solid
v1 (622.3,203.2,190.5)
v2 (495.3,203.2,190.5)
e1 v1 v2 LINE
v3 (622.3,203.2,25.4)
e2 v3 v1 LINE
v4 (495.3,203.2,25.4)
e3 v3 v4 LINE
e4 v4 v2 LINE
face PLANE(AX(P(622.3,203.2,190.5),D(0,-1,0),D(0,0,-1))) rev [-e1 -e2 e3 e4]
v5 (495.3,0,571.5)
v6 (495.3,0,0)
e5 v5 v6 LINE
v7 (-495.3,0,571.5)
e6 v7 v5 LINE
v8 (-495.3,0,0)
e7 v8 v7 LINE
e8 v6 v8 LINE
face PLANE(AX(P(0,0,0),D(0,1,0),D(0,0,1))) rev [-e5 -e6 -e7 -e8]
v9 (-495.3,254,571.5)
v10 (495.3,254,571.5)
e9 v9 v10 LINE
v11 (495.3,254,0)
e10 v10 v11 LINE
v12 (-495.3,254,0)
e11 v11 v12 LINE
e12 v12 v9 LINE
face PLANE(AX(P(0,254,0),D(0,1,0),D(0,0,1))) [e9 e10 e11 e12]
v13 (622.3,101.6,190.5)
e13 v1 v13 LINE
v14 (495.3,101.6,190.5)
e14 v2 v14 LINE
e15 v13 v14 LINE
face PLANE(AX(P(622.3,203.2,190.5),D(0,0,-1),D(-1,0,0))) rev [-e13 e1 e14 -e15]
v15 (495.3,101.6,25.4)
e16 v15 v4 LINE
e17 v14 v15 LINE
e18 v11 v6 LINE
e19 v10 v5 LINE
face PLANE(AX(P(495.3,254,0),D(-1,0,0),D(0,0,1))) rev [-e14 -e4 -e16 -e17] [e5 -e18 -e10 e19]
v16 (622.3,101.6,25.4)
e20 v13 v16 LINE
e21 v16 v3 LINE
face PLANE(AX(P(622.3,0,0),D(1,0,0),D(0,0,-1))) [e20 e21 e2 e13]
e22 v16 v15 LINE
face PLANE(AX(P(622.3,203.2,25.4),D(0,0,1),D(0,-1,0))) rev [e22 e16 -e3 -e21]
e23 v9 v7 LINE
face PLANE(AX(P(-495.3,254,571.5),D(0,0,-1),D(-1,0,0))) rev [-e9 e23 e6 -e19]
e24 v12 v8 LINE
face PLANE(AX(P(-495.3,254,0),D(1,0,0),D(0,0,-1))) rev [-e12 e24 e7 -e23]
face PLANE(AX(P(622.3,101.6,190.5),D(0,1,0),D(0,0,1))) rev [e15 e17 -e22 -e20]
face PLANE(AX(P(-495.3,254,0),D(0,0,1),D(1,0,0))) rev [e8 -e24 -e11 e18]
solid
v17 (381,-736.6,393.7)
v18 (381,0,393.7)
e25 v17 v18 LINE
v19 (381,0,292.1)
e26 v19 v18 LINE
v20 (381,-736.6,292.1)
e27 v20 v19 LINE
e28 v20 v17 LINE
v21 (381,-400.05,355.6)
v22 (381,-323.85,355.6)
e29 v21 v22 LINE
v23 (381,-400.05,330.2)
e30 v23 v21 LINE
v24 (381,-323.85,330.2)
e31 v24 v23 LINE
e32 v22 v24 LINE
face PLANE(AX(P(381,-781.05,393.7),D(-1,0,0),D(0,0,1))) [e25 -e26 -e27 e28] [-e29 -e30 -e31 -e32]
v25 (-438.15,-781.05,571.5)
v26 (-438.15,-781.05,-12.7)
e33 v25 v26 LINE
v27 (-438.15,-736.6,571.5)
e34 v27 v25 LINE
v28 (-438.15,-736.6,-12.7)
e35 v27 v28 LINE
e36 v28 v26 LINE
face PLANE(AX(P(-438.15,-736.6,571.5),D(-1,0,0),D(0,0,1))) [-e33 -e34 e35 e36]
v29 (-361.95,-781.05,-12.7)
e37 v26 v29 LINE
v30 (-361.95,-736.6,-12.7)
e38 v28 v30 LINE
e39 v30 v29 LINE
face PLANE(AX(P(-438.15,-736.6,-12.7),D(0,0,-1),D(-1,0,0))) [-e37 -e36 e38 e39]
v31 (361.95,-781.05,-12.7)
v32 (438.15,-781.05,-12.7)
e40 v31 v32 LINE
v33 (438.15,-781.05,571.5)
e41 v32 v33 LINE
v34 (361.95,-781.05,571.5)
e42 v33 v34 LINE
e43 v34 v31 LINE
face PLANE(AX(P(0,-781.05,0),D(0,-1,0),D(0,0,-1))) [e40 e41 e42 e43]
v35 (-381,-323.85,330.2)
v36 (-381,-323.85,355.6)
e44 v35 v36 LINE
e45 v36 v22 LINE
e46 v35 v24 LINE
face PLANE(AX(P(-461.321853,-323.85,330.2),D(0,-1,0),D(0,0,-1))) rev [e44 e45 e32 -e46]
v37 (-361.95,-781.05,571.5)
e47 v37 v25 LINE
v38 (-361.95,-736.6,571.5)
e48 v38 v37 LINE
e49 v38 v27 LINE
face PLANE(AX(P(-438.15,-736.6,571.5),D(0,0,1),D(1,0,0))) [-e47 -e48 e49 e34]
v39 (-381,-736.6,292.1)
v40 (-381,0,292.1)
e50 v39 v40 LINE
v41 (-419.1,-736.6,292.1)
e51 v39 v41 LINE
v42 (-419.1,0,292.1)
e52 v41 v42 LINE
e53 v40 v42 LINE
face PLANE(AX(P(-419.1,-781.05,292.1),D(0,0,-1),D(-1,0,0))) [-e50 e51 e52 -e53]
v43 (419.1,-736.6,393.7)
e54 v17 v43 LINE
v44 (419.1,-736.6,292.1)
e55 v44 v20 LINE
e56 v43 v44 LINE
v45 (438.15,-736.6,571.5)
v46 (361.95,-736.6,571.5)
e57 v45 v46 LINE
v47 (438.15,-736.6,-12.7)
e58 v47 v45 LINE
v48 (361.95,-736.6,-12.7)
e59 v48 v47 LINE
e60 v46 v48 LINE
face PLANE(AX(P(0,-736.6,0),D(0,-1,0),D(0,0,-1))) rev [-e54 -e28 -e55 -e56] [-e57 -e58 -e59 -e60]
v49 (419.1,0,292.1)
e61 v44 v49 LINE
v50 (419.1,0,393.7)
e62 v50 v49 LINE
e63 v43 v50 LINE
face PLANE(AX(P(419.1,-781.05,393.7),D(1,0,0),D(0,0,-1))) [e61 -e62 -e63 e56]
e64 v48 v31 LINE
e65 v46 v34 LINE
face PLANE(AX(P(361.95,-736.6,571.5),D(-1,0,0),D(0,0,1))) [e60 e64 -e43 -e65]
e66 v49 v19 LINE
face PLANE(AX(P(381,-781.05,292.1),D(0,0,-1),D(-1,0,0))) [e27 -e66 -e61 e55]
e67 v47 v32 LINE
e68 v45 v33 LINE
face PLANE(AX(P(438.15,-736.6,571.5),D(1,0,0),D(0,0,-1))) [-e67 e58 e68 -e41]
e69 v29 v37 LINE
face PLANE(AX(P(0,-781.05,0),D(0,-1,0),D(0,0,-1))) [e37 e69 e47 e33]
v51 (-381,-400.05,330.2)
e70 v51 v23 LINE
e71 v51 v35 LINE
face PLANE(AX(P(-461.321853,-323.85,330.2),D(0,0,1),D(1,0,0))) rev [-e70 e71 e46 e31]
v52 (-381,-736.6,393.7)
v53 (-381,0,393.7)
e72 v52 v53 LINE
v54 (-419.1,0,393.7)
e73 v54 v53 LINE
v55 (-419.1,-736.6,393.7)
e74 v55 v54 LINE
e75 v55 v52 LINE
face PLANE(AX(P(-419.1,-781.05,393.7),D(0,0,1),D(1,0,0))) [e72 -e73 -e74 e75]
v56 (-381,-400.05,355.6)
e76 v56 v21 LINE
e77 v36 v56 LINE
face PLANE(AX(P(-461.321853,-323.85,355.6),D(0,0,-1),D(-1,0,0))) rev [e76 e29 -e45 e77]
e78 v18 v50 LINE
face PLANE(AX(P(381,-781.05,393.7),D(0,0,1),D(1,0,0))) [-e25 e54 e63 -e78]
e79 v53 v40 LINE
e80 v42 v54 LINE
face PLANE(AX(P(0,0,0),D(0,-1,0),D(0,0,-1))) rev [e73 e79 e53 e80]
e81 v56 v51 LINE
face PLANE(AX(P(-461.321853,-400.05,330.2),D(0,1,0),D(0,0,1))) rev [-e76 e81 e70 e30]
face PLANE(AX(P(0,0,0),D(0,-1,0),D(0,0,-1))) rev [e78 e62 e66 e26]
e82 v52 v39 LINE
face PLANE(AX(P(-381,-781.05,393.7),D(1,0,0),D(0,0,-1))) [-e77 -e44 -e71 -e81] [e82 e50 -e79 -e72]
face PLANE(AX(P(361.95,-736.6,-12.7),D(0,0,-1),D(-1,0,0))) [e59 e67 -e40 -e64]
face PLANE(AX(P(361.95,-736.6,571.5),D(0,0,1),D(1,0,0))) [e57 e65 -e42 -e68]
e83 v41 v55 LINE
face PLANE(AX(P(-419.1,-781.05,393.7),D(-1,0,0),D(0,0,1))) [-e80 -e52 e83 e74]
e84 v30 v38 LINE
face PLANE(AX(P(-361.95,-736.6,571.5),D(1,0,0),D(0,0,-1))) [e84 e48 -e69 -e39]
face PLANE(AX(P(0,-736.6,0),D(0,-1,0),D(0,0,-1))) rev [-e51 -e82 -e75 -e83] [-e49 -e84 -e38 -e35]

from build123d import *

# Parameters (mm, degrees)
SKETCH1_W             = 990.6
SKETCH1_H             = 571.5
BOSS_EXTRUDE1_DEPTH   = 254
SKETCH3_W             = 165.1
SKETCH3_H             = 101.6
BOSS_EXTRUDE2_DEPTH   = 127
SKETCH4_W             = 38.1
SKETCH4_H             = 101.6
BOSS_EXTRUDE3_DEPTH   = 781.05
BOSS_EXTRUDE3_2_DEPTH = 781.05
SKETCH5_W             = 25.4
SKETCH5_H             = 76.2
BOSS_EXTRUDE4_DEPTH   = 762
SKETCH6_W             = 76.2
SKETCH6_H             = 584.2
BOSS_EXTRUDE5_DEPTH   = 44.45


with BuildPart() as part:
    # Sketch1 → Boss-Extrude1 (new body)
    with BuildSketch(Plane(origin=(0, 0, 0), x_dir=(1, 0, 0), z_dir=(0, 1, 0))):
        with Locations((0, -285.75)):
            Rectangle(SKETCH1_W, SKETCH1_H)
    extrude(amount=BOSS_EXTRUDE1_DEPTH)

    # Sketch3 → Boss-Extrude2 (add)
    with BuildSketch(Plane(origin=(495.3, 0, 0), x_dir=(0, 0, -1), z_dir=(1, 0, 0))):
        with Locations((-107.95, 152.4)):
            Rectangle(SKETCH3_W, SKETCH3_H)
    extrude(amount=BOSS_EXTRUDE2_DEPTH)


with BuildPart() as body_2:
    # Sketch4 → Boss-Extrude3 (new body)
    with BuildSketch(Plane(origin=(0, 0, 0), x_dir=(1, 0, 0), z_dir=(0, 1, 0))):
        with Locations((400.05, -342.9)):
            Rectangle(SKETCH4_W, SKETCH4_H)
    extrude(amount=-BOSS_EXTRUDE3_DEPTH)



with BuildPart() as body_3:
    # Sketch4 → Boss-Extrude3 2 (new body)
    with BuildSketch(Plane(origin=(0, 0, 0), x_dir=(1, 0, 0), z_dir=(0, 1, 0))):
        with Locations((-400.05, -342.9)):
            Rectangle(SKETCH4_W, SKETCH4_H)
    extrude(amount=-BOSS_EXTRUDE3_2_DEPTH)


with BuildPart() as body_2_1:
    add(body_2.part)

    add(body_3.part)  # Boss-Extrude4 merges body 3
    # Sketch5 → Boss-Extrude4 (add)
    with BuildSketch(Plane.ZY.offset(-381)):
        with Locations((342.9, -361.95)):
            Rectangle(SKETCH5_W, SKETCH5_H)
    extrude(amount=BOSS_EXTRUDE4_DEPTH)

    # Sketch6 → Boss-Extrude5 (add)
    with BuildSketch(Plane.XZ.offset(781.05)):
        with Locations((400.05, 279.4)):
            Rectangle(SKETCH6_W, SKETCH6_H)
        with Locations((-400.05, 279.4)):
            Rectangle(SKETCH6_W, SKETCH6_H)
    extrude(amount=-BOSS_EXTRUDE5_DEPTH)


solid = Compound([part.part, body_2_1.part])
